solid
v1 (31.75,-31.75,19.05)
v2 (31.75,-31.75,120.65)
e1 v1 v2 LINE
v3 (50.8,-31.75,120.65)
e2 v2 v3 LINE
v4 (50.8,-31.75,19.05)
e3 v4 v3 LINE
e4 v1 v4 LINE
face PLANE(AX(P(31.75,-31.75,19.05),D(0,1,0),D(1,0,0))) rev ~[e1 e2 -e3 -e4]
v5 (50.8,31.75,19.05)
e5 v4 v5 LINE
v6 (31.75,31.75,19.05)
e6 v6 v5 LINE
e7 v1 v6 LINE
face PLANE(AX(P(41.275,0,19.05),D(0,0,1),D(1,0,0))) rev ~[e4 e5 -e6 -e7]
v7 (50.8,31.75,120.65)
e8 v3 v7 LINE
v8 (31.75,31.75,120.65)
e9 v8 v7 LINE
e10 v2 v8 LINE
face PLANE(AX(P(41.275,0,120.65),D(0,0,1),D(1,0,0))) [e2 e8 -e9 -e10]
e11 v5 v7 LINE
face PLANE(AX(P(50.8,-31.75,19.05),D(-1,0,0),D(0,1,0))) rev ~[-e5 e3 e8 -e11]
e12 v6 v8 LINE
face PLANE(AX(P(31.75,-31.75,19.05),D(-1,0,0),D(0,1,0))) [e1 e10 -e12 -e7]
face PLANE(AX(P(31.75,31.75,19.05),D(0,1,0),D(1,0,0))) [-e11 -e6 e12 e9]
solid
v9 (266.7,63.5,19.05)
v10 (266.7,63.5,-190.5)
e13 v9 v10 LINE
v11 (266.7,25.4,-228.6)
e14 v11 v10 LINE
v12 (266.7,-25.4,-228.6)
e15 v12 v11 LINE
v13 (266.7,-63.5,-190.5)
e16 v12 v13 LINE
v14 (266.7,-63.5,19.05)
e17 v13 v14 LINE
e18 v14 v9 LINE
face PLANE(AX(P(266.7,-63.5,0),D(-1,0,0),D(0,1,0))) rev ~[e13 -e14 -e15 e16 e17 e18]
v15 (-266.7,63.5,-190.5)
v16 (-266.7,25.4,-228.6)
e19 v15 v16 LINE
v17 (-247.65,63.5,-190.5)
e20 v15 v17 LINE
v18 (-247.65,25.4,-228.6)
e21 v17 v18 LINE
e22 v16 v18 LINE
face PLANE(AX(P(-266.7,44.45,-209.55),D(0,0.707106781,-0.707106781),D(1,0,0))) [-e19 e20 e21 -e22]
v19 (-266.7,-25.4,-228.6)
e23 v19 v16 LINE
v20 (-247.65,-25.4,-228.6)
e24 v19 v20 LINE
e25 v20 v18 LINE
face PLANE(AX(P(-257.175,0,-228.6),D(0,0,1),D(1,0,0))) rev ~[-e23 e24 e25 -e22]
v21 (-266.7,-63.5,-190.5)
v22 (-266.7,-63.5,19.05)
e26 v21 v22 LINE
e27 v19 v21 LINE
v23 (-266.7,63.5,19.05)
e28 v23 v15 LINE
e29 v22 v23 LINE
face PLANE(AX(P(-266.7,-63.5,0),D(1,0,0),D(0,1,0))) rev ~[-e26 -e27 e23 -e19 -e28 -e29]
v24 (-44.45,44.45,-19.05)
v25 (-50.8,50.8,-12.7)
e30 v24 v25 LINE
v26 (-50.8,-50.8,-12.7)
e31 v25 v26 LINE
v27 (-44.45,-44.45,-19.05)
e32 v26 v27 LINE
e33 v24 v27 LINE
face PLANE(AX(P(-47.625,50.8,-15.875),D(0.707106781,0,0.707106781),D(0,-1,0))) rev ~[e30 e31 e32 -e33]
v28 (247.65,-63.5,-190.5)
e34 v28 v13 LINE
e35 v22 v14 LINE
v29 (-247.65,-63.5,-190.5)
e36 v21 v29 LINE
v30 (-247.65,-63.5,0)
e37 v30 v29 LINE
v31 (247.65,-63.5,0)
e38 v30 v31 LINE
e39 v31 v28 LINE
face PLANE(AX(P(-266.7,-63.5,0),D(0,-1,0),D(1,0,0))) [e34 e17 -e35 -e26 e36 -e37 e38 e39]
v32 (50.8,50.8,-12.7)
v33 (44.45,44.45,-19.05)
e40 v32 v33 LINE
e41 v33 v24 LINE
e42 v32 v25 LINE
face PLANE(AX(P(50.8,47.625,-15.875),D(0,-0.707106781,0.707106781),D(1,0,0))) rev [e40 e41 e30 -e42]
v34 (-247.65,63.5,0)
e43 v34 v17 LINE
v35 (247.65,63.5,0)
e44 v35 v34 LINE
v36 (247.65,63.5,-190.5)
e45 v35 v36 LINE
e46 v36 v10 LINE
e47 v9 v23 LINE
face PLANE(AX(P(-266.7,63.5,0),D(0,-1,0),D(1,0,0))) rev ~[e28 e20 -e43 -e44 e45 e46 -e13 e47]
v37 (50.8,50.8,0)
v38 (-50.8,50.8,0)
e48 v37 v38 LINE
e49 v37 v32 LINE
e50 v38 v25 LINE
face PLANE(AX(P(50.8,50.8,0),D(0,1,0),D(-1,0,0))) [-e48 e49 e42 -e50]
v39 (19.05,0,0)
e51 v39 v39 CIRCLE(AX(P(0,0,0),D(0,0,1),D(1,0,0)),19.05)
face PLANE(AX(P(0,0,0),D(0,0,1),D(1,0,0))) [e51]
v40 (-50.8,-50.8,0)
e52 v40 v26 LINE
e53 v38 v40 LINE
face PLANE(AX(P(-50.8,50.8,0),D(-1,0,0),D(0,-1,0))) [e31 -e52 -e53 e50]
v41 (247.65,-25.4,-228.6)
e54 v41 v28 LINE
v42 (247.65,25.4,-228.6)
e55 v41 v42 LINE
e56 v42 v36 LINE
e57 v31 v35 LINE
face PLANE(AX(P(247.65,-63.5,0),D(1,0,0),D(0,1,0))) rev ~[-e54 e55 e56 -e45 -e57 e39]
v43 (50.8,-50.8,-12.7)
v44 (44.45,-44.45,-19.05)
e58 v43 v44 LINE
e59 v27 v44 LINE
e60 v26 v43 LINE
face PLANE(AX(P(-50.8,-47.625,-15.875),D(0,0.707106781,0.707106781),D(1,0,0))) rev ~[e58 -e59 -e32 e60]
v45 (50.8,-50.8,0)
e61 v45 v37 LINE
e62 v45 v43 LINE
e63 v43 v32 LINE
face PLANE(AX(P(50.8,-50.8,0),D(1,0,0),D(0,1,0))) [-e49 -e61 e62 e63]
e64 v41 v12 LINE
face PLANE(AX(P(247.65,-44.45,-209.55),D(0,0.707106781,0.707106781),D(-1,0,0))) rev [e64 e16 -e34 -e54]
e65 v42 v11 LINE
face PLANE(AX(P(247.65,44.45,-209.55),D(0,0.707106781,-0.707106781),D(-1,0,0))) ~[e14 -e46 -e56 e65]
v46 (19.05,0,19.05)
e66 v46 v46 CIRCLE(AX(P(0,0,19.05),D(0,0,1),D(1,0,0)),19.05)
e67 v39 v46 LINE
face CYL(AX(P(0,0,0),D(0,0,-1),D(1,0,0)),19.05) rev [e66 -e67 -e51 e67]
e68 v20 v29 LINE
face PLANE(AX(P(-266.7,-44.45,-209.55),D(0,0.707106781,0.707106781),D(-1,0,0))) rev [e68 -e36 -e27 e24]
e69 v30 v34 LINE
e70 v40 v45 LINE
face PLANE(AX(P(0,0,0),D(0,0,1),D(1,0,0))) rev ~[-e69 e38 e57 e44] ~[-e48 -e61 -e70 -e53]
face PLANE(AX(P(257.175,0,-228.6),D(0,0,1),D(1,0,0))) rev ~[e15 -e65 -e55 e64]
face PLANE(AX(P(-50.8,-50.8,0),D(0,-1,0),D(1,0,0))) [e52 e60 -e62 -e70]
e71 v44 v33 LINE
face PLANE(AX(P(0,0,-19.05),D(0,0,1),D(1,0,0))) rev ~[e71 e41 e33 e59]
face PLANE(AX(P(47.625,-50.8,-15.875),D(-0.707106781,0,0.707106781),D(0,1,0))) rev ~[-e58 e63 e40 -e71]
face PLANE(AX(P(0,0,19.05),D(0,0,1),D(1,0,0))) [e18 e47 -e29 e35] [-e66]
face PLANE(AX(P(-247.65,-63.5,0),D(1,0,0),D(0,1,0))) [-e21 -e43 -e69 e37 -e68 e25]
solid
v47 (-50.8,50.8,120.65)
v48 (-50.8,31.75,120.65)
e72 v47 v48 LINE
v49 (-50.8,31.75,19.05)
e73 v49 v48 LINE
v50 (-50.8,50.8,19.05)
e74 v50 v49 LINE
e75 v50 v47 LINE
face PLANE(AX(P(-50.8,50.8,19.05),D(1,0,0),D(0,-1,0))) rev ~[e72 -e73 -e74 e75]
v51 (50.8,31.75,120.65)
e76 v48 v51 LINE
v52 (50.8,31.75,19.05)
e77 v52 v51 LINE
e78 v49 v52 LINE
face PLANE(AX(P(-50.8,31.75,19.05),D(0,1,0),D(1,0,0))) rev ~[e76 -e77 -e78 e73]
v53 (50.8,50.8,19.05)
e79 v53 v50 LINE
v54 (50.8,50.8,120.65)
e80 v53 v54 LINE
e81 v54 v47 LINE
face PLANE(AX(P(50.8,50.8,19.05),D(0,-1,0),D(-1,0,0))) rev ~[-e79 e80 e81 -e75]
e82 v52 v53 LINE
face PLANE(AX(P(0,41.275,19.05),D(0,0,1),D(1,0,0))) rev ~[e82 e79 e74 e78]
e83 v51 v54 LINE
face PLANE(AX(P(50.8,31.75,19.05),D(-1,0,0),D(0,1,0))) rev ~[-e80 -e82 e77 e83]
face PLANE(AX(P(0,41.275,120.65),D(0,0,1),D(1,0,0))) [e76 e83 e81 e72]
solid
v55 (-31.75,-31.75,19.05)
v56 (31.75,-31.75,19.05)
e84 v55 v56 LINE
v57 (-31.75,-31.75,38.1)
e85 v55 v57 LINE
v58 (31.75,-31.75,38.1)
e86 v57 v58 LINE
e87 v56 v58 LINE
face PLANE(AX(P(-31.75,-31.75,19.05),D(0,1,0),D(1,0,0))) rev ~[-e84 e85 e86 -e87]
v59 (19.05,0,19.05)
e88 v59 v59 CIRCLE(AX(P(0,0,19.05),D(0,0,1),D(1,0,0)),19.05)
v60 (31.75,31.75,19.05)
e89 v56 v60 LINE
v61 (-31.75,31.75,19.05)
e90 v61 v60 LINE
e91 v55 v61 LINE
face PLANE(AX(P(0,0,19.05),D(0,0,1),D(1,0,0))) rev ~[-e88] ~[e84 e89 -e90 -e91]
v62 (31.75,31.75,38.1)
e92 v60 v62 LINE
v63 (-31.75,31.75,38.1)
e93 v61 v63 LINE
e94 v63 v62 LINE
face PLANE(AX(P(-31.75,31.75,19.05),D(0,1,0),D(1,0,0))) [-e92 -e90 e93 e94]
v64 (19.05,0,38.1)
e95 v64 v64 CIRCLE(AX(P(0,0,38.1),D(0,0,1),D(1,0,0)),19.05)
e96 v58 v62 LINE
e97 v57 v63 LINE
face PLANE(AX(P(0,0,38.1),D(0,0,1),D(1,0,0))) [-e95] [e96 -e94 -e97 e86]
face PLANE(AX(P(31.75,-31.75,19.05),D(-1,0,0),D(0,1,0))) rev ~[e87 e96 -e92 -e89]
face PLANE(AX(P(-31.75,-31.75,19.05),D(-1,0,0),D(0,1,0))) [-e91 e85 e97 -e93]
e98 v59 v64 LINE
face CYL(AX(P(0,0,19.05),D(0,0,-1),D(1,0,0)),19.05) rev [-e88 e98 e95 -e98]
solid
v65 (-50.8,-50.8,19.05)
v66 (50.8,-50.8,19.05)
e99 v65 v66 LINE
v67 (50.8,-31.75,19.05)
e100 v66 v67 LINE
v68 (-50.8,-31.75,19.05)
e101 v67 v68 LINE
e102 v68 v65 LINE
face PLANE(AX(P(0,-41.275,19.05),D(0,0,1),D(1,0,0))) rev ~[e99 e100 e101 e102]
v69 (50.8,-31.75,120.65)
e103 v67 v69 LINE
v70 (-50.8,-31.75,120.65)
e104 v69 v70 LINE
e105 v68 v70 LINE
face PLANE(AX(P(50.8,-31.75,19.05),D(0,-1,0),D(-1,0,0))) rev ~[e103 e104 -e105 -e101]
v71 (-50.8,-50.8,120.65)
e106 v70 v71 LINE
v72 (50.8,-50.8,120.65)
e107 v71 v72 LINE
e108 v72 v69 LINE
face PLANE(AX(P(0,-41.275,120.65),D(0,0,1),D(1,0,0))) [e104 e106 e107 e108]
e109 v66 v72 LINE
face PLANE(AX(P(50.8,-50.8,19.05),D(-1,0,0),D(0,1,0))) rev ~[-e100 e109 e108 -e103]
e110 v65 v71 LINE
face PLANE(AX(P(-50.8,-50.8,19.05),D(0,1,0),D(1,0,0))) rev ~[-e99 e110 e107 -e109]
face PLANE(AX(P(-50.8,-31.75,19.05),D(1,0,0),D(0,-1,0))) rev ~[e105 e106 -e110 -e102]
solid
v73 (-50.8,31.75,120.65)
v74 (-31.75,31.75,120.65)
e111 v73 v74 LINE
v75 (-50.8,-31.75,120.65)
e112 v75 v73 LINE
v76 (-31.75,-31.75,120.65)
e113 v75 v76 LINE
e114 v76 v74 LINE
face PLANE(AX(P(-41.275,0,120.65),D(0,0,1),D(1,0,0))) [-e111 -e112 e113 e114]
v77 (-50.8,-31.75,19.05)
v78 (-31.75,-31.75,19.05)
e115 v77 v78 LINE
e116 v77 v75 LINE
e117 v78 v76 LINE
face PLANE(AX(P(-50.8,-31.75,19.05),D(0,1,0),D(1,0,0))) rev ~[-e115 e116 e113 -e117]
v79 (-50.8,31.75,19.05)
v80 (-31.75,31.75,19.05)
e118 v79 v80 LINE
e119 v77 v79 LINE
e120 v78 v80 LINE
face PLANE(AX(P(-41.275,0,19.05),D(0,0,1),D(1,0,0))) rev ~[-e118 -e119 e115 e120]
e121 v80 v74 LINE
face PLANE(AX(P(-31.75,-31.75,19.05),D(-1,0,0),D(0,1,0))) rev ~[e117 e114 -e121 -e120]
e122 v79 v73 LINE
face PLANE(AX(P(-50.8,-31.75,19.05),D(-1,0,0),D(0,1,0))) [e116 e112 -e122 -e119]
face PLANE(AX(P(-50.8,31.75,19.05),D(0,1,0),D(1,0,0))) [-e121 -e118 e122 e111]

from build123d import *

# Parameters (mm, degrees)
F0_W      = 495.3
F0_H      = 127
F0_W_2    = 19.05
F1_DEPTH  = 19.05
F2_DEPTH  = 228.6
F3_SIZE   = 38.1
F4_W      = 63.5
F4_H      = 63.5
F4_R      = 19.05
F5_DEPTH  = 19.05
F6_DEPTH  = 101.6
F4_W_2    = 19.05
F7_DEPTH  = 101.6
F8_R      = 19.05
F9_DEPTH  = 19.05
F10_DEPTH = 19.05
F11_SIZE  = 6.35


with BuildPart() as f1:
    # F0 (on Top) → F1 (new body)
    with BuildSketch(Plane.XY):
        Rectangle(F0_W, F0_H)
        with Locations((-257.175, 0)):
            Rectangle(F0_W_2, F0_H)
        with Locations((257.175, 0)):
            Rectangle(F0_W_2, F0_H)
    extrude(amount=F1_DEPTH)

    # F0 (on Top) → F2 (join)
    with BuildSketch(Plane.XY):
        with Locations((-257.175, 0)):
            Rectangle(F0_W_2, F0_H)
        with Locations((257.175, 0)):
            Rectangle(F0_W_2, F0_H)
    extrude(amount=-F2_DEPTH)

    # F3
    f3_edges = [f1.edges().sort_by_distance(p)[0] for p in [
        (-257.175, -63.5, -228.6),
        (-257.175, 63.5, -228.6),
        (257.175, -63.5, -228.6),
        (257.175, 63.5, -228.6),
    ]]
    chamfer(f3_edges, length=F3_SIZE)

    # F8 (on face) → F9 (cut)
    with BuildSketch(Plane.XY):
        Circle(F8_R)
    extrude(amount=F9_DEPTH, mode=Mode.SUBTRACT)

    # F8 (on face) → F10 (join)
    with BuildSketch(Plane.XY):
        Polygon((-50.8, -31.75), (-50.8, -50.8), (50.8, -50.8), (50.8, -31.75), (50.8, 31.75), (50.8, 50.8), (-50.8, 50.8), (-50.8, 31.75), align=None)
        Circle(F8_R, mode=Mode.SUBTRACT)
        Circle(F8_R)
    extrude(amount=-F10_DEPTH)

    # F11
    f11_edges = [f1.edges().sort_by_distance(p)[0] for p in [
        (0, -50.8, -19.05),
        (50.8, 0, -19.05),
        (0, 50.8, -19.05),
        (-50.8, 0, -19.05),
    ]]
    chamfer(f11_edges, length=F11_SIZE)


with BuildPart() as f5:
    # F4 (on face) → F5 (new body)
    with BuildSketch(Plane.XY.offset(19.05)):
        Rectangle(F4_W, F4_H)
        Circle(F4_R, mode=Mode.SUBTRACT)
    extrude(amount=F5_DEPTH)


with BuildPart() as f6:
    # F4 (on face) → F6 (new body)
    with BuildSketch(Plane.XY.offset(19.05)):
        Polygon((-31.75, 31.75), (31.75, 31.75), (50.8, 31.75), (50.8, 50.8), (-50.8, 50.8), (-50.8, 31.75), align=None)
        Polygon((50.8, -31.75), (31.75, -31.75), (-31.75, -31.75), (-50.8, -31.75), (-50.8, -50.8), (50.8, -50.8), align=None)
    extrude(amount=F6_DEPTH)


with BuildPart() as f7:
    # F4 (on face) → F7 (new body)
    with BuildSketch(Plane.XY.offset(19.05)):
        with Locations((-41.275, 0)):
            Rectangle(F4_W_2, F4_H)
        with Locations((41.275, 0)):
            Rectangle(F4_W_2, F4_H)
    extrude(amount=F7_DEPTH)


solid = Compound([f1.part, f5.part, f6.part, f7.part])
